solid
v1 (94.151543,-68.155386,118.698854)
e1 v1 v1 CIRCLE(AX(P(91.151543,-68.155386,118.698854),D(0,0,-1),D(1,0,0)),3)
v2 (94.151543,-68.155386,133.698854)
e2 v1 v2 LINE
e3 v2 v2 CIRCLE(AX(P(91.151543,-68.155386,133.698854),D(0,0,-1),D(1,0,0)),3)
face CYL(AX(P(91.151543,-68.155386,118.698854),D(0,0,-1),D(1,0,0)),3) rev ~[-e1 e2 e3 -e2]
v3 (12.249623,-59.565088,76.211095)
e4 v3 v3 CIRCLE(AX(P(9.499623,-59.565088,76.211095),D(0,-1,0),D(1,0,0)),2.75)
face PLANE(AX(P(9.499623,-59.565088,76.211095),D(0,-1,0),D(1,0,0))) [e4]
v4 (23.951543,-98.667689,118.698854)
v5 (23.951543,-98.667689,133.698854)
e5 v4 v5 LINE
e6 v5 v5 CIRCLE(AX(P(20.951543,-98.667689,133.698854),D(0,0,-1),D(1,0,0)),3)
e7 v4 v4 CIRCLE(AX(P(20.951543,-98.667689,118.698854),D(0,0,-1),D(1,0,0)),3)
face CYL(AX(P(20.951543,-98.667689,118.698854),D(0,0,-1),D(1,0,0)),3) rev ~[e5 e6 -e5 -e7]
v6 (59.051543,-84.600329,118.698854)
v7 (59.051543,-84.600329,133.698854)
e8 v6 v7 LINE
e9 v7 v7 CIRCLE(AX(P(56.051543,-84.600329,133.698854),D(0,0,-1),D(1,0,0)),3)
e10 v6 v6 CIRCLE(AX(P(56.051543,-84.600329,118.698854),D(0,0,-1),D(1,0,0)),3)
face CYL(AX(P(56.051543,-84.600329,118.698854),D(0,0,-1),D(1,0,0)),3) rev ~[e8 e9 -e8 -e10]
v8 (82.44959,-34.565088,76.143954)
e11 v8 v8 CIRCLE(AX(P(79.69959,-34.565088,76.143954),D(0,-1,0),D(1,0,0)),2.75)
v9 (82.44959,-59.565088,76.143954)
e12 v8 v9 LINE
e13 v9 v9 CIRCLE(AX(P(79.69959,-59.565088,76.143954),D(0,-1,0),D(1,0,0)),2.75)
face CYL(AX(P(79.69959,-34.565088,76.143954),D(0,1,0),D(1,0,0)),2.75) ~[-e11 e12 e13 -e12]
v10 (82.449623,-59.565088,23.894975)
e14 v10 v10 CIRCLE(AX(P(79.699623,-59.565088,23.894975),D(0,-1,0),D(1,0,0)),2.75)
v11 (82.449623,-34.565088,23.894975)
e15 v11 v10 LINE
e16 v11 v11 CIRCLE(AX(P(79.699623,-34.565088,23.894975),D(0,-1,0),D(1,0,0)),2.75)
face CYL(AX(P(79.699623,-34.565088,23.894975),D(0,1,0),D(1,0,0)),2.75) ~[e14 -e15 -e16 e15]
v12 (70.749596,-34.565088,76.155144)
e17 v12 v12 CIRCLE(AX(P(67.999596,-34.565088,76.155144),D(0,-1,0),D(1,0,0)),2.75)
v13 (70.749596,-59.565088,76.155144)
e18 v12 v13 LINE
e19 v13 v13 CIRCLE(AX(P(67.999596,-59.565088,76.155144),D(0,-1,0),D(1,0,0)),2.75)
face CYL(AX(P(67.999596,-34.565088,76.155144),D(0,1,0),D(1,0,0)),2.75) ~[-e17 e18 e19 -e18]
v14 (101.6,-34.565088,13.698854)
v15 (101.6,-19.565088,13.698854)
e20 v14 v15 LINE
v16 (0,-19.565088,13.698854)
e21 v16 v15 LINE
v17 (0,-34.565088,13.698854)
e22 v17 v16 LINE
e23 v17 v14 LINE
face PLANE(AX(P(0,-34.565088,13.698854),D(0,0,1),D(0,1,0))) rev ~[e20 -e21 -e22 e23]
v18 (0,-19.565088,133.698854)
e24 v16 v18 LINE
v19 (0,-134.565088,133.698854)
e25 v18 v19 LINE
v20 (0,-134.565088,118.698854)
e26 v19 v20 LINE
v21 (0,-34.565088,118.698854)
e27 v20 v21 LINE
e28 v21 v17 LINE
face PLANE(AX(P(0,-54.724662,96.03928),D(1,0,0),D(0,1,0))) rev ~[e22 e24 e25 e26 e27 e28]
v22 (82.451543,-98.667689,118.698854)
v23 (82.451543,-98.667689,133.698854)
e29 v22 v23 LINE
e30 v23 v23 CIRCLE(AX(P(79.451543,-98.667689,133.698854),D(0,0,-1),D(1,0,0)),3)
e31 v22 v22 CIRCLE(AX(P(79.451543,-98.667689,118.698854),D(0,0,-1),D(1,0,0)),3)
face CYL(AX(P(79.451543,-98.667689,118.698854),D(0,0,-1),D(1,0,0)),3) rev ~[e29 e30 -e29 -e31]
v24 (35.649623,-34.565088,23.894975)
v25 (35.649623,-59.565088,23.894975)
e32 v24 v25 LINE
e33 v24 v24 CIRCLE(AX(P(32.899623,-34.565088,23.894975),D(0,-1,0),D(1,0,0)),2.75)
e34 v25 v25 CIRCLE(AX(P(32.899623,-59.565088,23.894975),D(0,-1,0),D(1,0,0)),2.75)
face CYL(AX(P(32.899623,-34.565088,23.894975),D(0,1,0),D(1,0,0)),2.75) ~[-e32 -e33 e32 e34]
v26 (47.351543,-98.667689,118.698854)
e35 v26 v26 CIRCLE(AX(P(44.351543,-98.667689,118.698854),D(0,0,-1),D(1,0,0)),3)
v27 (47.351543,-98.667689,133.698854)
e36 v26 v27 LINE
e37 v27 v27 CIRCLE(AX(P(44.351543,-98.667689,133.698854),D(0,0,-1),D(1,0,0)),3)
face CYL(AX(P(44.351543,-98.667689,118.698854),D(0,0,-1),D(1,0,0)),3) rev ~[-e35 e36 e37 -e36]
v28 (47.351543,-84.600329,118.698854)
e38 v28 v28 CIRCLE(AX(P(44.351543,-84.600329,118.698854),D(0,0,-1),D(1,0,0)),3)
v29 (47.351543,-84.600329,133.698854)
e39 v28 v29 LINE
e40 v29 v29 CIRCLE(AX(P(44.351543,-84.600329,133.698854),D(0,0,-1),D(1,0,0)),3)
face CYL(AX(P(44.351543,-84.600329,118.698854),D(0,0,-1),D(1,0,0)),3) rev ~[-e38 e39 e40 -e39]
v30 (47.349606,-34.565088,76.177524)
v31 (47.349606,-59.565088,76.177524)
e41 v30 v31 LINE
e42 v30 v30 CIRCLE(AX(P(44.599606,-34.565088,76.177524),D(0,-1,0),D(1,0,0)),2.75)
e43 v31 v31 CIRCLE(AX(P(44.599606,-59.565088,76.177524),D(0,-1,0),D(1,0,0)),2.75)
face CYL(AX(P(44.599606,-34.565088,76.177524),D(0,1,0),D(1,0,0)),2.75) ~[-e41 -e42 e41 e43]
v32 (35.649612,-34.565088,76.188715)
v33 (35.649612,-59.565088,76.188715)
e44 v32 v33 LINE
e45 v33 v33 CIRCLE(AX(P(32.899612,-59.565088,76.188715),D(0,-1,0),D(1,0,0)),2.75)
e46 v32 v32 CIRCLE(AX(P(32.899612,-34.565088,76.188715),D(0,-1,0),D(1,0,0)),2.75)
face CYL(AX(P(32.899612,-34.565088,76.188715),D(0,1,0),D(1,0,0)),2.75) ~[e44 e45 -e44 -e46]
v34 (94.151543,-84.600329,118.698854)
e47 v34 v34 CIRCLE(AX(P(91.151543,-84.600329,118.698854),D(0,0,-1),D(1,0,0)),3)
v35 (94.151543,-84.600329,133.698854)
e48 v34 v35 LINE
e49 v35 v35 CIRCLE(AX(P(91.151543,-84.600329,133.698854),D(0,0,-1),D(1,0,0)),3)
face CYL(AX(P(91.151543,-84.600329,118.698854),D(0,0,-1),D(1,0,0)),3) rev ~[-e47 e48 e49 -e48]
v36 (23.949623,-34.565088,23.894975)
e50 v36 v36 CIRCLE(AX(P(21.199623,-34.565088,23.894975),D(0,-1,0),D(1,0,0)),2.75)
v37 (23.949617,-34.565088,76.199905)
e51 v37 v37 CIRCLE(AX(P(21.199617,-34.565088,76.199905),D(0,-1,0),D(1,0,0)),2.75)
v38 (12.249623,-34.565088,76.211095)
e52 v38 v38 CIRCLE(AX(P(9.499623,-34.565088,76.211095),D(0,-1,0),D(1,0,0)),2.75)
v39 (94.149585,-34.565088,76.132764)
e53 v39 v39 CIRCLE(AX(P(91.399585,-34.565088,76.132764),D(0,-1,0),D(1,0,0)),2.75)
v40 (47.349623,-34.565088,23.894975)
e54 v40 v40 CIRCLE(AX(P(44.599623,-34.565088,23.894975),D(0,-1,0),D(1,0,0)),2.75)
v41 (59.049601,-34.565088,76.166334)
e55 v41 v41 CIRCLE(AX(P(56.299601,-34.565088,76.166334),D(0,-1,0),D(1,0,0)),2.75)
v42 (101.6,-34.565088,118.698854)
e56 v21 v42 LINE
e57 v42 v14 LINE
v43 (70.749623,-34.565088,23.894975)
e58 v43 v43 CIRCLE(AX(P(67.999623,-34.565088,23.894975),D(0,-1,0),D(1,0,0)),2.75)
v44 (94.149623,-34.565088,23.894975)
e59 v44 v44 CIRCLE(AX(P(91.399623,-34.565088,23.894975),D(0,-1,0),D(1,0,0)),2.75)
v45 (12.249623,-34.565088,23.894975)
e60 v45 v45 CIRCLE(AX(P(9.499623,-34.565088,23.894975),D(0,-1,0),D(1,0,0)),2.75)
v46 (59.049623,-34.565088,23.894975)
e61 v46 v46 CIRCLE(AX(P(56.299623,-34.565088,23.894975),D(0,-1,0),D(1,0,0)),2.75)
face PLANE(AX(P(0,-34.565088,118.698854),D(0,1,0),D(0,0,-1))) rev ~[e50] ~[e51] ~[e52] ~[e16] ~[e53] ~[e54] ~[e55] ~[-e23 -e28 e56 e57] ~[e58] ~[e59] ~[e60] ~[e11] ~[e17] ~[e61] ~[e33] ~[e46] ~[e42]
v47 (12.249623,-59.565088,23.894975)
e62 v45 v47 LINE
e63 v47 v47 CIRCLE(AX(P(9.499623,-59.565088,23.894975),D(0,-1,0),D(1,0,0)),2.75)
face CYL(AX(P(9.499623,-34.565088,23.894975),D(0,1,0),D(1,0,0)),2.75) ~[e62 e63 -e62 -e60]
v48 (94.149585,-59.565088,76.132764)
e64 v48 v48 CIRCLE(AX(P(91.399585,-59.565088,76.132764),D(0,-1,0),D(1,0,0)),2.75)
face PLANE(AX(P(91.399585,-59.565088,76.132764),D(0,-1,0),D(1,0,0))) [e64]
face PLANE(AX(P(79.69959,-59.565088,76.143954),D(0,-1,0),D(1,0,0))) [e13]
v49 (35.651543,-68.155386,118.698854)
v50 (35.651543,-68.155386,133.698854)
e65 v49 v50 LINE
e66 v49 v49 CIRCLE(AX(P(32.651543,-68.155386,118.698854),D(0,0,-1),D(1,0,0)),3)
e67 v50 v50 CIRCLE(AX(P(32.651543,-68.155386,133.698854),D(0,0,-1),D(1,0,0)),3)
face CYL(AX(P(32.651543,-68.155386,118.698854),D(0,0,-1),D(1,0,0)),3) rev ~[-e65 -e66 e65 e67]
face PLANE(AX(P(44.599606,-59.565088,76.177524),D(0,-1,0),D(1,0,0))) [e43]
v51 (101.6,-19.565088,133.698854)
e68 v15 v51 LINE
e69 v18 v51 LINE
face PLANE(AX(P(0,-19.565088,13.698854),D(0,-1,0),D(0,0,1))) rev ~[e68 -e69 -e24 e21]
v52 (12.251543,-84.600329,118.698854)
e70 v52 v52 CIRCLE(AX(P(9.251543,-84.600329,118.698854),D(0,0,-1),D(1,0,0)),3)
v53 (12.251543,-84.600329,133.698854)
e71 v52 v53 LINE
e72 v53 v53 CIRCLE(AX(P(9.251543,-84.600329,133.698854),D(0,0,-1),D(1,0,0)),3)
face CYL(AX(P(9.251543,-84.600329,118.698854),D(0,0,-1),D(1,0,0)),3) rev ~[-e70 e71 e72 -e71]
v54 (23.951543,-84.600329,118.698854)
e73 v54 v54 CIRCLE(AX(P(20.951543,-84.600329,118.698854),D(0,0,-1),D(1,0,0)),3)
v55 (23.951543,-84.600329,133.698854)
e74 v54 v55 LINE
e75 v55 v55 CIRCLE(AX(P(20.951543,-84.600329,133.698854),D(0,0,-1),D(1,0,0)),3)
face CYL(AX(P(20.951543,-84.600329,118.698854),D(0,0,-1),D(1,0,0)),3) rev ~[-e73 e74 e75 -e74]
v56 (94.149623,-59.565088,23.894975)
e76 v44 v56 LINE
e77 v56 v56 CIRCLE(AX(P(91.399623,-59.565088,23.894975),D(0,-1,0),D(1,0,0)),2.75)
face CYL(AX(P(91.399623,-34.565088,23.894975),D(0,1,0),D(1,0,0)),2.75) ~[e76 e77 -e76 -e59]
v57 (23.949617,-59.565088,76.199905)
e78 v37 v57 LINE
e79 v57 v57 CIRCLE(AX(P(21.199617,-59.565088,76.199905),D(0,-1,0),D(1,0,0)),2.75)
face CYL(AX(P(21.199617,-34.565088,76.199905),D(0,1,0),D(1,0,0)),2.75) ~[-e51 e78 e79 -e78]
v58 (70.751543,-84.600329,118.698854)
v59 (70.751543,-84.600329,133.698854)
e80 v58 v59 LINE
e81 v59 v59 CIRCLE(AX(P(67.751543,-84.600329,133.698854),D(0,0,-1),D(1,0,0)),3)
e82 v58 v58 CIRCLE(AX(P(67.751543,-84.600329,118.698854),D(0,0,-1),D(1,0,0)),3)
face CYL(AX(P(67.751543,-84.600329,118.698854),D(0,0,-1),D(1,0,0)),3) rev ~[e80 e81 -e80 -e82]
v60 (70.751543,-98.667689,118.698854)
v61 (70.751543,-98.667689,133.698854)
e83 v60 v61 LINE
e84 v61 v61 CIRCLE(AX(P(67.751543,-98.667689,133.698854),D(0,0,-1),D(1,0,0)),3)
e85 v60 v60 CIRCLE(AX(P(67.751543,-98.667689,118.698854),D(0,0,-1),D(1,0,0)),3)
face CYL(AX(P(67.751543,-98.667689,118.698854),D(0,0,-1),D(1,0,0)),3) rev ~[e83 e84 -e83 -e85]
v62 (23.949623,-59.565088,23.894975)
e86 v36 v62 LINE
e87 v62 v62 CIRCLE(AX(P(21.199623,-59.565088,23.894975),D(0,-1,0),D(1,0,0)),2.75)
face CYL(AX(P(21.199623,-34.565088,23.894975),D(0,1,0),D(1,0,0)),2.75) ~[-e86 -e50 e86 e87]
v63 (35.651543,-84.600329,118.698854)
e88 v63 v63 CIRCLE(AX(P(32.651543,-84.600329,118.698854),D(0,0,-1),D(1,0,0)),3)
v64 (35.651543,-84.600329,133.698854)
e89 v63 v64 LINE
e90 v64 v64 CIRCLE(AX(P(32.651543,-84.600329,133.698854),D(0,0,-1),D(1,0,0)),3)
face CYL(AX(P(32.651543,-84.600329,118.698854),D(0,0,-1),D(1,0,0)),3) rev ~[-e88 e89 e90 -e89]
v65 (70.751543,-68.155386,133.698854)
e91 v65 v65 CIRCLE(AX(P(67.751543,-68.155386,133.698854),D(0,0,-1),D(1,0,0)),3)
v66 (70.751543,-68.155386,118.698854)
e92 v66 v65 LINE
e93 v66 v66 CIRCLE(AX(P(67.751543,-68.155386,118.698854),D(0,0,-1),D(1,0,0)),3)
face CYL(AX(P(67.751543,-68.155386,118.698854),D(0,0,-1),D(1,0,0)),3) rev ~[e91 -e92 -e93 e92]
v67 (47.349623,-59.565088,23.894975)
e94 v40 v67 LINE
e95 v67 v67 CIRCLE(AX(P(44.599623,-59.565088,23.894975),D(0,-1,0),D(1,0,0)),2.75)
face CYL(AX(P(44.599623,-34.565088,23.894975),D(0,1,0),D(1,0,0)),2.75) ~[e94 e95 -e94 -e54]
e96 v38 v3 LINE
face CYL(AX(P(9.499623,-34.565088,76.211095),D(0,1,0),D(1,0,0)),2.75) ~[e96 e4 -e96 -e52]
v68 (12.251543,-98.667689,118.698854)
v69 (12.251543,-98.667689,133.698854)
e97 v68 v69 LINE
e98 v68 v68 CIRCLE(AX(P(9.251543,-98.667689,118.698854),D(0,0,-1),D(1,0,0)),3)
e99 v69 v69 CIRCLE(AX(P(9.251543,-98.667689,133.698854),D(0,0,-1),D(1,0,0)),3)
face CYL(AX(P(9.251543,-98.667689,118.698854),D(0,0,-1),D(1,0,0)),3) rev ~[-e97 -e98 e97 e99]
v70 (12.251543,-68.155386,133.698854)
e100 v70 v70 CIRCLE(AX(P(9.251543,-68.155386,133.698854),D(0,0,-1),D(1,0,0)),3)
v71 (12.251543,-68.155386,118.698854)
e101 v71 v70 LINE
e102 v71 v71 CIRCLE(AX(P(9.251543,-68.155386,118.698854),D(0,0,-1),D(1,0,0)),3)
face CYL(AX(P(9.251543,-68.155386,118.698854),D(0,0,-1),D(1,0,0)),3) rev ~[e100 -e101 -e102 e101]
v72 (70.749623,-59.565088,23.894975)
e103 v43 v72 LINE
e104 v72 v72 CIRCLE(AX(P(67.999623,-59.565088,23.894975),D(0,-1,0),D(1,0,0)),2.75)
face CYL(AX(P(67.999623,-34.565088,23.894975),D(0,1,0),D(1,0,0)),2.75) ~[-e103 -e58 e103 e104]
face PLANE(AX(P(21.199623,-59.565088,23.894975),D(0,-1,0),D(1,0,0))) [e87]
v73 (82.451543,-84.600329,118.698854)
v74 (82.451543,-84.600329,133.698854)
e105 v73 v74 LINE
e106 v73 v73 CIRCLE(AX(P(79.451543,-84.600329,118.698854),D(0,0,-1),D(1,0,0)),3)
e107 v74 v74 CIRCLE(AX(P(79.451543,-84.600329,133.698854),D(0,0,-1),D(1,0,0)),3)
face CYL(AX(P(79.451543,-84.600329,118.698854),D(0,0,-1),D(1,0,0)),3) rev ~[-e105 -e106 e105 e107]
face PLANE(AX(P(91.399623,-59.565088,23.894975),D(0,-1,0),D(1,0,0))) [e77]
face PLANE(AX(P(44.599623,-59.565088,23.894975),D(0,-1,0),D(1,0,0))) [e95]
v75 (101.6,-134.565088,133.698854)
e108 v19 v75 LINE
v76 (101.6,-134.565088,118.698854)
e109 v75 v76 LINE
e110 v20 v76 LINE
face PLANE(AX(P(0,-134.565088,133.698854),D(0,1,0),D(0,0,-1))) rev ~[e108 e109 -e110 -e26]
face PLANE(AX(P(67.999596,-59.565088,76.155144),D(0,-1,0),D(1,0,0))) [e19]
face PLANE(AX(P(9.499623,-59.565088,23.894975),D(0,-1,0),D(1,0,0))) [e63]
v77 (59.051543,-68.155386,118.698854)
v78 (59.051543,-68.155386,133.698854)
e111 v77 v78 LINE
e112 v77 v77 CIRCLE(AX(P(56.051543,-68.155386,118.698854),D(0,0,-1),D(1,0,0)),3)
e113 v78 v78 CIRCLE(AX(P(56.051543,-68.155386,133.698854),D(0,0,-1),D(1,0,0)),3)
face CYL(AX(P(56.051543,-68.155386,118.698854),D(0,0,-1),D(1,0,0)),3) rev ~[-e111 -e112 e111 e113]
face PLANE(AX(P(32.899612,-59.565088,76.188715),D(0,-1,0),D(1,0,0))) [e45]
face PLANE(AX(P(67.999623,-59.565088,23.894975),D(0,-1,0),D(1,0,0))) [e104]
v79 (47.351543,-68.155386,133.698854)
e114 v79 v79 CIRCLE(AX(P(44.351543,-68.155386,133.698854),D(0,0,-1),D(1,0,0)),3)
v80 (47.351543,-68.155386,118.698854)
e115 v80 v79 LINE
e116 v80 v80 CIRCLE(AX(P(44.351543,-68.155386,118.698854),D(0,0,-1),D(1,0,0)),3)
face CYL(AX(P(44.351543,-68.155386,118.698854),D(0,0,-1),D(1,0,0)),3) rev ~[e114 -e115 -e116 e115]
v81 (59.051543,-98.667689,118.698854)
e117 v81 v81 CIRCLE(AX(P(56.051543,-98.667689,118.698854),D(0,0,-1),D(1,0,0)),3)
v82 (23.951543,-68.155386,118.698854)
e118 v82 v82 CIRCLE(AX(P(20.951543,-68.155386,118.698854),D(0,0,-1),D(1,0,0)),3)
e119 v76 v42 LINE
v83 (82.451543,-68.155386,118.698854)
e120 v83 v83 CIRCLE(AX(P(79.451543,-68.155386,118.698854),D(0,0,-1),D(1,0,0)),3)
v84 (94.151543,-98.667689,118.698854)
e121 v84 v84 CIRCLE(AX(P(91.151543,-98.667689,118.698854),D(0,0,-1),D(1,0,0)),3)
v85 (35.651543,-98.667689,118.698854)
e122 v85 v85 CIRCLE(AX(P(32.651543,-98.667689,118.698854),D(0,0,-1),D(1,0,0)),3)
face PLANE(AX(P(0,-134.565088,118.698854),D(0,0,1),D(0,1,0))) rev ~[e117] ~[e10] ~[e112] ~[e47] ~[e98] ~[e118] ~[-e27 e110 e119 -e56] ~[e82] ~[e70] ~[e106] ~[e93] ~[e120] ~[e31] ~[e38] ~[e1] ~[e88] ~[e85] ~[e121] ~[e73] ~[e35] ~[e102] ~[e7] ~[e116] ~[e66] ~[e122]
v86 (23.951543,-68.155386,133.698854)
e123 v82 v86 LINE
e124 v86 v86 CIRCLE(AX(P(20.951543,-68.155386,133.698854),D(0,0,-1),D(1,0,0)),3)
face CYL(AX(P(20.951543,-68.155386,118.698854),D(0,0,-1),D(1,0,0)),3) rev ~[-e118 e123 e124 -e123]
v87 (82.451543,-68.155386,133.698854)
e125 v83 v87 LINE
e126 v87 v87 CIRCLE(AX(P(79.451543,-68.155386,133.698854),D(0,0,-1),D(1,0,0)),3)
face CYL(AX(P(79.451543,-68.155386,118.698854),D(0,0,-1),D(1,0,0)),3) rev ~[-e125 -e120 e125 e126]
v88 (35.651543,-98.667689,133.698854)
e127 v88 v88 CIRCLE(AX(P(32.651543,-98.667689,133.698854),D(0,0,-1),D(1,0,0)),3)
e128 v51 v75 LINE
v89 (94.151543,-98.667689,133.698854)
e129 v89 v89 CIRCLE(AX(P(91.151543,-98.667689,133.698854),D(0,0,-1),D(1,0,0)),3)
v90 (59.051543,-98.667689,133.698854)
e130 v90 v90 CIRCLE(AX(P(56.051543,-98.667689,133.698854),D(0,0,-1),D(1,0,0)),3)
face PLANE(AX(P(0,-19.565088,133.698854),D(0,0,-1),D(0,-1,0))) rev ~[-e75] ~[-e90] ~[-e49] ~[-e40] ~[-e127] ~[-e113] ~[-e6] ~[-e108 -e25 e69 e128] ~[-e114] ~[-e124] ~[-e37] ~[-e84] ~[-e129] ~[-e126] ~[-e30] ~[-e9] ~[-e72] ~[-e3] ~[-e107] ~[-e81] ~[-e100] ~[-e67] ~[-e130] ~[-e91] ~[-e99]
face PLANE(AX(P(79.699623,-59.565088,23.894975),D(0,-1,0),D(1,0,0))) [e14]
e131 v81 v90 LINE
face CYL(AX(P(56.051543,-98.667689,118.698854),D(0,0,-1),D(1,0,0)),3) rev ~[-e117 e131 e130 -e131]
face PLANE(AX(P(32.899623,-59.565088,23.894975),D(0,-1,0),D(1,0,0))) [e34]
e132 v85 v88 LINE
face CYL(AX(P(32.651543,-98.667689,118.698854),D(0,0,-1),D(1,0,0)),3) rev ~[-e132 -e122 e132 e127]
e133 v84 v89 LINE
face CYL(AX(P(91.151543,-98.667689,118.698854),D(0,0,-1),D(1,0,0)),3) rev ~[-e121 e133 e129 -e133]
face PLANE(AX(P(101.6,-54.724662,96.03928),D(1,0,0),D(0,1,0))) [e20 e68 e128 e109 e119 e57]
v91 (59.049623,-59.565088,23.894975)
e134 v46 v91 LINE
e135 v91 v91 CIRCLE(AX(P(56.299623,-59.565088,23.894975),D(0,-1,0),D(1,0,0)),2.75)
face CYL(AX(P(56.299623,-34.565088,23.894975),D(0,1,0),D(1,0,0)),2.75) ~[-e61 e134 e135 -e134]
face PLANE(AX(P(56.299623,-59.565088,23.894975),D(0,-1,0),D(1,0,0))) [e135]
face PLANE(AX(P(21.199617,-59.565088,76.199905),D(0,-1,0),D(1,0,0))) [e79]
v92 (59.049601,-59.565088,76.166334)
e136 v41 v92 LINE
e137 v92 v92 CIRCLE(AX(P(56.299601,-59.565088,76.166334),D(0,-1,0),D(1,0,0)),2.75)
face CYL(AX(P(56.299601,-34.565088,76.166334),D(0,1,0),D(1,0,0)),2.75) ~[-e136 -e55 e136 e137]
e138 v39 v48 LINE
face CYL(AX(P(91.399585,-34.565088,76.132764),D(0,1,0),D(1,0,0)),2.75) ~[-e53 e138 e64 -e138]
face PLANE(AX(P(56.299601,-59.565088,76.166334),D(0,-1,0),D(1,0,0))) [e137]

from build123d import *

# Parameters (mm, degrees)
F1_DEPTH = 101.6
F2_R     = 2.75
F3_DEPTH = 25
F4_R     = 3
F5_DEPTH = 30


with BuildPart() as f1:
    # F0 (on Right) → F1 (new body)
    with BuildSketch(Plane.YZ):
        Polygon((-134.565088, 133.698854), (-134.565088, 118.698854), (-34.565088, 118.698854), (-34.565088, 13.698854), (-19.565088, 13.698854), (-19.565088, 133.698854), align=None)
    extrude(amount=F1_DEPTH)

    # F2 (on face) → F3 (join)
    with BuildSketch(Plane.XZ.offset(34.565088)):
        with Locations((9.499623, 23.894975)):
            Circle(F2_R)
        with Locations((21.199623, 23.894975)):
            Circle(F2_R)
        with Locations((32.899623, 23.894975)):
            Circle(F2_R)
        with Locations((44.599623, 23.894975)):
            Circle(F2_R)
        with Locations((56.299623, 23.894975)):
            Circle(F2_R)
        with Locations((67.999623, 23.894975)):
            Circle(F2_R)
        with Locations((79.699623, 23.894975)):
            Circle(F2_R)
        with Locations((91.399623, 23.894975)):
            Circle(F2_R)
        with Locations((9.499623, 76.211095)):
            Circle(F2_R)
        with Locations((21.199617, 76.199905)):
            Circle(F2_R)
        with Locations((32.899612, 76.188715)):
            Circle(F2_R)
        with Locations((44.599606, 76.177524)):
            Circle(F2_R)
        with Locations((56.299601, 76.166334)):
            Circle(F2_R)
        with Locations((67.999596, 76.155144)):
            Circle(F2_R)
        with Locations((79.69959, 76.143954)):
            Circle(F2_R)
        with Locations((91.399585, 76.132764)):
            Circle(F2_R)
    extrude(amount=F3_DEPTH)

    # F4 (on face) → F5 (cut)
    with BuildSketch(Plane(origin=(0, 0, 118.698854), x_dir=(1, 0, 0), z_dir=(0, 0, -1))):
        with Locations((9.251543, 68.155386)):
            Circle(F4_R)
        with Locations((20.951543, 68.155386)):
            Circle(F4_R)
        with Locations((32.651543, 68.155386)):
            Circle(F4_R)
        with Locations((44.351543, 68.155386)):
            Circle(F4_R)
        with Locations((56.051543, 68.155386)):
            Circle(F4_R)
        with Locations((67.751543, 68.155386)):
            Circle(F4_R)
        with Locations((79.451543, 68.155386)):
            Circle(F4_R)
        with Locations((91.151543, 68.155386)):
            Circle(F4_R)
        with Locations((9.251543, 84.600329)):
            Circle(F4_R)
        with Locations((20.951543, 84.600329)):
            Circle(F4_R)
        with Locations((32.651543, 84.600329)):
            Circle(F4_R)
        with Locations((44.351543, 84.600329)):
            Circle(F4_R)
        with Locations((56.051543, 84.600329)):
            Circle(F4_R)
        with Locations((67.751543, 84.600329)):
            Circle(F4_R)
        with Locations((79.451543, 84.600329)):
            Circle(F4_R)
        with Locations((91.151543, 84.600329)):
            Circle(F4_R)
        with Locations((9.251543, 98.667689)):
            Circle(F4_R)
        with Locations((20.951543, 98.667689)):
            Circle(F4_R)
        with Locations((32.651543, 98.667689)):
            Circle(F4_R)
        with Locations((44.351543, 98.667689)):
            Circle(F4_R)
        with Locations((56.051543, 98.667689)):
            Circle(F4_R)
        with Locations((67.751543, 98.667689)):
            Circle(F4_R)
        with Locations((79.451543, 98.667689)):
            Circle(F4_R)
        with Locations((91.151543, 98.667689)):
            Circle(F4_R)
    extrude(amount=-F5_DEPTH, mode=Mode.SUBTRACT)


solid = f1.part
